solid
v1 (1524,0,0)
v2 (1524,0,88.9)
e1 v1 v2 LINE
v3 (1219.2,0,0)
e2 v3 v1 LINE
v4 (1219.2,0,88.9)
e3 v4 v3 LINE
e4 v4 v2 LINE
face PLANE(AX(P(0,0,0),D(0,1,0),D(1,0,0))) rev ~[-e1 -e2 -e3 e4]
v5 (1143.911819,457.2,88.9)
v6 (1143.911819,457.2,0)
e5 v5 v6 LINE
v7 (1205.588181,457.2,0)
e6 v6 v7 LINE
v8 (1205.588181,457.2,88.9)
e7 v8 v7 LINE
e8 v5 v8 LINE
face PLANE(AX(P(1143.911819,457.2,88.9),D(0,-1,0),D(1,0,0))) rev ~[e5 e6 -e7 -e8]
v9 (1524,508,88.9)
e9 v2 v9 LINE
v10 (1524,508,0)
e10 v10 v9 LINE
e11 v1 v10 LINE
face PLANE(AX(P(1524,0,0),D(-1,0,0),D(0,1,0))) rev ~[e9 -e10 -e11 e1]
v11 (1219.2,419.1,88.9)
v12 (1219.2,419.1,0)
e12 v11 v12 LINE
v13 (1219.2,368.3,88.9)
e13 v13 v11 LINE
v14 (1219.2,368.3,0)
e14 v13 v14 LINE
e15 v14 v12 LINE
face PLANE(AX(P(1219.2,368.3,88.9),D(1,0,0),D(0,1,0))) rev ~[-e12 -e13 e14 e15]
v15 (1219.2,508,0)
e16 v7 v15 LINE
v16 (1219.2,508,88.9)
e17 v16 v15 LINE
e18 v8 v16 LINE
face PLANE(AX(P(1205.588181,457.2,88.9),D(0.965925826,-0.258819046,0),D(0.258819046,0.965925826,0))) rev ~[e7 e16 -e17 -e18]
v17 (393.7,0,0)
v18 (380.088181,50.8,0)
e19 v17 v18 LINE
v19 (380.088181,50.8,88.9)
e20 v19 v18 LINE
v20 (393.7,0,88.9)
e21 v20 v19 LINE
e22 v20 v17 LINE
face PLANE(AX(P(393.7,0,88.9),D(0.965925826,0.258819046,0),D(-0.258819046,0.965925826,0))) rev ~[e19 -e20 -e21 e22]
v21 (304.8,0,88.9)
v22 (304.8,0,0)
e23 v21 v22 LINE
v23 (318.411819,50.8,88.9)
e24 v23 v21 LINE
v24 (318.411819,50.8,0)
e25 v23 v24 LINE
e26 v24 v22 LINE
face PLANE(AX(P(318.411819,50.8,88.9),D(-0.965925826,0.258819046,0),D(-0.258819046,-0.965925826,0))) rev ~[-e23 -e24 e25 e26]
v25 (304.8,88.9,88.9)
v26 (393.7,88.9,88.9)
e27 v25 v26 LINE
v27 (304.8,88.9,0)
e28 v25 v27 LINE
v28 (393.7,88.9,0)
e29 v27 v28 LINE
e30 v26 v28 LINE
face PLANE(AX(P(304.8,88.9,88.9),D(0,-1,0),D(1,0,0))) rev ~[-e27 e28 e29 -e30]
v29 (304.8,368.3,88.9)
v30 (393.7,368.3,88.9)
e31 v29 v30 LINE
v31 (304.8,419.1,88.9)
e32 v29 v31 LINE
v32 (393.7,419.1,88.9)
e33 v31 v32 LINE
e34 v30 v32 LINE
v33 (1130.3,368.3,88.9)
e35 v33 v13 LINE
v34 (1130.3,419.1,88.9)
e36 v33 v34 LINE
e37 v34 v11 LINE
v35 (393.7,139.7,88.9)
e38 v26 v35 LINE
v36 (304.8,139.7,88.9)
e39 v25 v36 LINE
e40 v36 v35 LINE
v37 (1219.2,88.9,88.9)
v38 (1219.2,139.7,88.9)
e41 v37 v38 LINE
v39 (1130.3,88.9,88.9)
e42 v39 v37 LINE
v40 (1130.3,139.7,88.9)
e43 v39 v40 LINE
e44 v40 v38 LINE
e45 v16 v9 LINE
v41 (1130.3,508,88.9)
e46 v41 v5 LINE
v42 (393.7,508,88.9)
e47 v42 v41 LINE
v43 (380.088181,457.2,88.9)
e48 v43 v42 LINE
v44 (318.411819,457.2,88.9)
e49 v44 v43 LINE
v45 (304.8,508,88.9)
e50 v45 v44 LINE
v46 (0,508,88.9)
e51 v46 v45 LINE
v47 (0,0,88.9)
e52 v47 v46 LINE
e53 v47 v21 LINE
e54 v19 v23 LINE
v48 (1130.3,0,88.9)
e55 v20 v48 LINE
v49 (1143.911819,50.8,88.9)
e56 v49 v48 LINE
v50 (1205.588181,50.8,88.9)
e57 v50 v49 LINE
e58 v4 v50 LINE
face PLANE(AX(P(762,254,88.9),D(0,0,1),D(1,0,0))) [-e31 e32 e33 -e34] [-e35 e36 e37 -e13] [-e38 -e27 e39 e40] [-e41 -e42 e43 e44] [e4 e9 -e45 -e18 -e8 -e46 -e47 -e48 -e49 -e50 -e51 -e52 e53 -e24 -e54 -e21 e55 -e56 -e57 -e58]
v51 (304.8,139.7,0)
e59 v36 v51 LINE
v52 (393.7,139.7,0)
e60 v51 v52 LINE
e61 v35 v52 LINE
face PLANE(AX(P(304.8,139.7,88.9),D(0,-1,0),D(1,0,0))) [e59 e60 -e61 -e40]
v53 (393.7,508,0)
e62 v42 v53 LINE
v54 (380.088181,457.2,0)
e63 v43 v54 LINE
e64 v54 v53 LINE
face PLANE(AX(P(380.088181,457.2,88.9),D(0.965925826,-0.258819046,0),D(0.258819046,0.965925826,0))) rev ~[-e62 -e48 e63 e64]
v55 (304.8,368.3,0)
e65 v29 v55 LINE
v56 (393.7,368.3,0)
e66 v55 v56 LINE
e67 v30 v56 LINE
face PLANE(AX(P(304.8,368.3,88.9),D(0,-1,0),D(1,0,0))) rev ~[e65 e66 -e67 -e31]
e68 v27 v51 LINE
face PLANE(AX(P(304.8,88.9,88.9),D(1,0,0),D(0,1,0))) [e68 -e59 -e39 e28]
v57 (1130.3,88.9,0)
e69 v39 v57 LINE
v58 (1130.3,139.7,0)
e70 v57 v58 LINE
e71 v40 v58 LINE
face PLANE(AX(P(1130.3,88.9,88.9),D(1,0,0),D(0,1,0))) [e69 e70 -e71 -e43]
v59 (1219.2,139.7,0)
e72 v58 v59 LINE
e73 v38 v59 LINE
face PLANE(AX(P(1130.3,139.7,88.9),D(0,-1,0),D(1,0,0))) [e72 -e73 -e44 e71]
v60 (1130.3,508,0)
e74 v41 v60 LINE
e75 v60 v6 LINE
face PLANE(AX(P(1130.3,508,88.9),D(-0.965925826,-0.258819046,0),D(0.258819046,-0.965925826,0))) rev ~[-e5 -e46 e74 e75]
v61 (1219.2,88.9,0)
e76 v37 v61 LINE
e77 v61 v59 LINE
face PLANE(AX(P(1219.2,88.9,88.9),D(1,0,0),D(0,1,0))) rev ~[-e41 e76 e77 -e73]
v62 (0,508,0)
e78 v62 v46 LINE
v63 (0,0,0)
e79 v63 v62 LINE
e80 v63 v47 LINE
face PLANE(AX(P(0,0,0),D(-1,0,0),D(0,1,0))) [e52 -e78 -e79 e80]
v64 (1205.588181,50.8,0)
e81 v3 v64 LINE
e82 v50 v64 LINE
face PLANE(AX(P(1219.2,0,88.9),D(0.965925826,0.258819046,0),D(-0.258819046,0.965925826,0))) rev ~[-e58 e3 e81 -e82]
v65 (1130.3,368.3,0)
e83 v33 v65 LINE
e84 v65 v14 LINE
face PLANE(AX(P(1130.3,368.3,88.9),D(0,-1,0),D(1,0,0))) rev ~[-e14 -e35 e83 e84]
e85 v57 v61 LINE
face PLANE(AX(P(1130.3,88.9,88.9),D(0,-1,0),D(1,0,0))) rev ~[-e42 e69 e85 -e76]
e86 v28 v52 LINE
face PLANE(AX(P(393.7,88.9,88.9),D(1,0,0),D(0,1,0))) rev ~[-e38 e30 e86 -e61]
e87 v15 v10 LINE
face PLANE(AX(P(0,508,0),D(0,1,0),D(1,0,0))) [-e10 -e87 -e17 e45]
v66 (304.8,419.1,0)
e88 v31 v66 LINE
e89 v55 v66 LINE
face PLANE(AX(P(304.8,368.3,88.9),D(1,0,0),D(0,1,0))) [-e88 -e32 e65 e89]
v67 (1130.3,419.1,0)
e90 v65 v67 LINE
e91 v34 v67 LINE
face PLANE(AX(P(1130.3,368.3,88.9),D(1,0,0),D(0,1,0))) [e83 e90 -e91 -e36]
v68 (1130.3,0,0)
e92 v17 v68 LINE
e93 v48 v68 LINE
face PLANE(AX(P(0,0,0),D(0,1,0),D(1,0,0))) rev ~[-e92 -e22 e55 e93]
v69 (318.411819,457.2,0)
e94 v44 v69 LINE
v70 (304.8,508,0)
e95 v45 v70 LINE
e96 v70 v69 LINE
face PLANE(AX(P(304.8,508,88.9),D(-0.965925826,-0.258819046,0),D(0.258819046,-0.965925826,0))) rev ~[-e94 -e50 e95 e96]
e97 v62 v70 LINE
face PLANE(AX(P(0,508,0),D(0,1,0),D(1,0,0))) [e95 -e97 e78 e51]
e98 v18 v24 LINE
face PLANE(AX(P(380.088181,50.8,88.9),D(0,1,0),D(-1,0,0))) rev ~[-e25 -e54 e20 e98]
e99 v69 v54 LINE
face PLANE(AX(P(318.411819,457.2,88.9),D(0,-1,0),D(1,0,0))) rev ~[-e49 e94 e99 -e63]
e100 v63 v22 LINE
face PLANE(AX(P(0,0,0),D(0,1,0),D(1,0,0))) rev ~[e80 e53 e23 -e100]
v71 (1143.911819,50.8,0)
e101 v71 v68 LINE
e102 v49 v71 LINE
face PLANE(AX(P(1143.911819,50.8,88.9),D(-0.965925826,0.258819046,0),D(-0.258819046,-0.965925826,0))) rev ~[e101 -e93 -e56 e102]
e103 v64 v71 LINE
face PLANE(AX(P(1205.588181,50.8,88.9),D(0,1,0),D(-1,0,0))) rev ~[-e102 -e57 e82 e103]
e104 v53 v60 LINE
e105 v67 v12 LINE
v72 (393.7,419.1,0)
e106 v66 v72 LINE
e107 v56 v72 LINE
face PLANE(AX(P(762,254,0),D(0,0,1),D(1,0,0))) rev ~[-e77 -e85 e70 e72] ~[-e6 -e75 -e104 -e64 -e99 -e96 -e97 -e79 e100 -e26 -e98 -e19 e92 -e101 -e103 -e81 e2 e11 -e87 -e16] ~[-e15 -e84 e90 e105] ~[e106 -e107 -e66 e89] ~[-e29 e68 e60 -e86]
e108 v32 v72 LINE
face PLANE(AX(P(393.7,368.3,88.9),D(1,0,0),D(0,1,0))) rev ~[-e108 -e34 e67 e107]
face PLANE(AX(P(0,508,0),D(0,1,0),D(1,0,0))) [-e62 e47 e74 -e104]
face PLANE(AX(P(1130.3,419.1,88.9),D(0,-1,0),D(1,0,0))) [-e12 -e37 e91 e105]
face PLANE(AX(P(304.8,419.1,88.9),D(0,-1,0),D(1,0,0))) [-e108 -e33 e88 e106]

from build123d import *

# Parameters (mm, degrees)
F0_W     = 1524
F0_H     = 508
F1_DEPTH = 88.9
F2_W     = 88.9
F2_H     = 50.8
F3_DEPTH = 88.9


with BuildPart() as f1:
    # F0 (on Top) → F1 (new body)
    with BuildSketch(Plane.XY):
        with Locations((762, 254)):
            Rectangle(F0_W, F0_H)
    extrude(amount=F1_DEPTH)

    # F2 (on face) → F3 (cut, through all)
    with BuildSketch(Plane.XY.offset(88.9)):
        Polygon((318.411819, 50.8), (304.8, 0), (393.7, 0), (380.088181, 50.8), align=None)
        with Locations((349.25, 114.3)):
            Rectangle(F2_W, F2_H)
        Polygon((1143.911819, 50.8), (1130.3, 0), (1219.2, 0), (1205.588181, 50.8), align=None)
        with Locations((1174.75, 114.3)):
            Rectangle(F2_W, F2_H)
        Polygon((318.411819, 457.2), (380.088181, 457.2), (393.7, 508), (304.8, 508), align=None)
        with Locations((1174.75, 393.7)):
            Rectangle(F2_W, F2_H)
        with Locations((349.25, 393.7)):
            Rectangle(F2_W, F2_H)
        Polygon((1205.588181, 457.2), (1219.2, 508), (1130.3, 508), (1143.911819, 457.2), align=None)
    extrude(amount=-F3_DEPTH, mode=Mode.SUBTRACT)


solid = f1.part
